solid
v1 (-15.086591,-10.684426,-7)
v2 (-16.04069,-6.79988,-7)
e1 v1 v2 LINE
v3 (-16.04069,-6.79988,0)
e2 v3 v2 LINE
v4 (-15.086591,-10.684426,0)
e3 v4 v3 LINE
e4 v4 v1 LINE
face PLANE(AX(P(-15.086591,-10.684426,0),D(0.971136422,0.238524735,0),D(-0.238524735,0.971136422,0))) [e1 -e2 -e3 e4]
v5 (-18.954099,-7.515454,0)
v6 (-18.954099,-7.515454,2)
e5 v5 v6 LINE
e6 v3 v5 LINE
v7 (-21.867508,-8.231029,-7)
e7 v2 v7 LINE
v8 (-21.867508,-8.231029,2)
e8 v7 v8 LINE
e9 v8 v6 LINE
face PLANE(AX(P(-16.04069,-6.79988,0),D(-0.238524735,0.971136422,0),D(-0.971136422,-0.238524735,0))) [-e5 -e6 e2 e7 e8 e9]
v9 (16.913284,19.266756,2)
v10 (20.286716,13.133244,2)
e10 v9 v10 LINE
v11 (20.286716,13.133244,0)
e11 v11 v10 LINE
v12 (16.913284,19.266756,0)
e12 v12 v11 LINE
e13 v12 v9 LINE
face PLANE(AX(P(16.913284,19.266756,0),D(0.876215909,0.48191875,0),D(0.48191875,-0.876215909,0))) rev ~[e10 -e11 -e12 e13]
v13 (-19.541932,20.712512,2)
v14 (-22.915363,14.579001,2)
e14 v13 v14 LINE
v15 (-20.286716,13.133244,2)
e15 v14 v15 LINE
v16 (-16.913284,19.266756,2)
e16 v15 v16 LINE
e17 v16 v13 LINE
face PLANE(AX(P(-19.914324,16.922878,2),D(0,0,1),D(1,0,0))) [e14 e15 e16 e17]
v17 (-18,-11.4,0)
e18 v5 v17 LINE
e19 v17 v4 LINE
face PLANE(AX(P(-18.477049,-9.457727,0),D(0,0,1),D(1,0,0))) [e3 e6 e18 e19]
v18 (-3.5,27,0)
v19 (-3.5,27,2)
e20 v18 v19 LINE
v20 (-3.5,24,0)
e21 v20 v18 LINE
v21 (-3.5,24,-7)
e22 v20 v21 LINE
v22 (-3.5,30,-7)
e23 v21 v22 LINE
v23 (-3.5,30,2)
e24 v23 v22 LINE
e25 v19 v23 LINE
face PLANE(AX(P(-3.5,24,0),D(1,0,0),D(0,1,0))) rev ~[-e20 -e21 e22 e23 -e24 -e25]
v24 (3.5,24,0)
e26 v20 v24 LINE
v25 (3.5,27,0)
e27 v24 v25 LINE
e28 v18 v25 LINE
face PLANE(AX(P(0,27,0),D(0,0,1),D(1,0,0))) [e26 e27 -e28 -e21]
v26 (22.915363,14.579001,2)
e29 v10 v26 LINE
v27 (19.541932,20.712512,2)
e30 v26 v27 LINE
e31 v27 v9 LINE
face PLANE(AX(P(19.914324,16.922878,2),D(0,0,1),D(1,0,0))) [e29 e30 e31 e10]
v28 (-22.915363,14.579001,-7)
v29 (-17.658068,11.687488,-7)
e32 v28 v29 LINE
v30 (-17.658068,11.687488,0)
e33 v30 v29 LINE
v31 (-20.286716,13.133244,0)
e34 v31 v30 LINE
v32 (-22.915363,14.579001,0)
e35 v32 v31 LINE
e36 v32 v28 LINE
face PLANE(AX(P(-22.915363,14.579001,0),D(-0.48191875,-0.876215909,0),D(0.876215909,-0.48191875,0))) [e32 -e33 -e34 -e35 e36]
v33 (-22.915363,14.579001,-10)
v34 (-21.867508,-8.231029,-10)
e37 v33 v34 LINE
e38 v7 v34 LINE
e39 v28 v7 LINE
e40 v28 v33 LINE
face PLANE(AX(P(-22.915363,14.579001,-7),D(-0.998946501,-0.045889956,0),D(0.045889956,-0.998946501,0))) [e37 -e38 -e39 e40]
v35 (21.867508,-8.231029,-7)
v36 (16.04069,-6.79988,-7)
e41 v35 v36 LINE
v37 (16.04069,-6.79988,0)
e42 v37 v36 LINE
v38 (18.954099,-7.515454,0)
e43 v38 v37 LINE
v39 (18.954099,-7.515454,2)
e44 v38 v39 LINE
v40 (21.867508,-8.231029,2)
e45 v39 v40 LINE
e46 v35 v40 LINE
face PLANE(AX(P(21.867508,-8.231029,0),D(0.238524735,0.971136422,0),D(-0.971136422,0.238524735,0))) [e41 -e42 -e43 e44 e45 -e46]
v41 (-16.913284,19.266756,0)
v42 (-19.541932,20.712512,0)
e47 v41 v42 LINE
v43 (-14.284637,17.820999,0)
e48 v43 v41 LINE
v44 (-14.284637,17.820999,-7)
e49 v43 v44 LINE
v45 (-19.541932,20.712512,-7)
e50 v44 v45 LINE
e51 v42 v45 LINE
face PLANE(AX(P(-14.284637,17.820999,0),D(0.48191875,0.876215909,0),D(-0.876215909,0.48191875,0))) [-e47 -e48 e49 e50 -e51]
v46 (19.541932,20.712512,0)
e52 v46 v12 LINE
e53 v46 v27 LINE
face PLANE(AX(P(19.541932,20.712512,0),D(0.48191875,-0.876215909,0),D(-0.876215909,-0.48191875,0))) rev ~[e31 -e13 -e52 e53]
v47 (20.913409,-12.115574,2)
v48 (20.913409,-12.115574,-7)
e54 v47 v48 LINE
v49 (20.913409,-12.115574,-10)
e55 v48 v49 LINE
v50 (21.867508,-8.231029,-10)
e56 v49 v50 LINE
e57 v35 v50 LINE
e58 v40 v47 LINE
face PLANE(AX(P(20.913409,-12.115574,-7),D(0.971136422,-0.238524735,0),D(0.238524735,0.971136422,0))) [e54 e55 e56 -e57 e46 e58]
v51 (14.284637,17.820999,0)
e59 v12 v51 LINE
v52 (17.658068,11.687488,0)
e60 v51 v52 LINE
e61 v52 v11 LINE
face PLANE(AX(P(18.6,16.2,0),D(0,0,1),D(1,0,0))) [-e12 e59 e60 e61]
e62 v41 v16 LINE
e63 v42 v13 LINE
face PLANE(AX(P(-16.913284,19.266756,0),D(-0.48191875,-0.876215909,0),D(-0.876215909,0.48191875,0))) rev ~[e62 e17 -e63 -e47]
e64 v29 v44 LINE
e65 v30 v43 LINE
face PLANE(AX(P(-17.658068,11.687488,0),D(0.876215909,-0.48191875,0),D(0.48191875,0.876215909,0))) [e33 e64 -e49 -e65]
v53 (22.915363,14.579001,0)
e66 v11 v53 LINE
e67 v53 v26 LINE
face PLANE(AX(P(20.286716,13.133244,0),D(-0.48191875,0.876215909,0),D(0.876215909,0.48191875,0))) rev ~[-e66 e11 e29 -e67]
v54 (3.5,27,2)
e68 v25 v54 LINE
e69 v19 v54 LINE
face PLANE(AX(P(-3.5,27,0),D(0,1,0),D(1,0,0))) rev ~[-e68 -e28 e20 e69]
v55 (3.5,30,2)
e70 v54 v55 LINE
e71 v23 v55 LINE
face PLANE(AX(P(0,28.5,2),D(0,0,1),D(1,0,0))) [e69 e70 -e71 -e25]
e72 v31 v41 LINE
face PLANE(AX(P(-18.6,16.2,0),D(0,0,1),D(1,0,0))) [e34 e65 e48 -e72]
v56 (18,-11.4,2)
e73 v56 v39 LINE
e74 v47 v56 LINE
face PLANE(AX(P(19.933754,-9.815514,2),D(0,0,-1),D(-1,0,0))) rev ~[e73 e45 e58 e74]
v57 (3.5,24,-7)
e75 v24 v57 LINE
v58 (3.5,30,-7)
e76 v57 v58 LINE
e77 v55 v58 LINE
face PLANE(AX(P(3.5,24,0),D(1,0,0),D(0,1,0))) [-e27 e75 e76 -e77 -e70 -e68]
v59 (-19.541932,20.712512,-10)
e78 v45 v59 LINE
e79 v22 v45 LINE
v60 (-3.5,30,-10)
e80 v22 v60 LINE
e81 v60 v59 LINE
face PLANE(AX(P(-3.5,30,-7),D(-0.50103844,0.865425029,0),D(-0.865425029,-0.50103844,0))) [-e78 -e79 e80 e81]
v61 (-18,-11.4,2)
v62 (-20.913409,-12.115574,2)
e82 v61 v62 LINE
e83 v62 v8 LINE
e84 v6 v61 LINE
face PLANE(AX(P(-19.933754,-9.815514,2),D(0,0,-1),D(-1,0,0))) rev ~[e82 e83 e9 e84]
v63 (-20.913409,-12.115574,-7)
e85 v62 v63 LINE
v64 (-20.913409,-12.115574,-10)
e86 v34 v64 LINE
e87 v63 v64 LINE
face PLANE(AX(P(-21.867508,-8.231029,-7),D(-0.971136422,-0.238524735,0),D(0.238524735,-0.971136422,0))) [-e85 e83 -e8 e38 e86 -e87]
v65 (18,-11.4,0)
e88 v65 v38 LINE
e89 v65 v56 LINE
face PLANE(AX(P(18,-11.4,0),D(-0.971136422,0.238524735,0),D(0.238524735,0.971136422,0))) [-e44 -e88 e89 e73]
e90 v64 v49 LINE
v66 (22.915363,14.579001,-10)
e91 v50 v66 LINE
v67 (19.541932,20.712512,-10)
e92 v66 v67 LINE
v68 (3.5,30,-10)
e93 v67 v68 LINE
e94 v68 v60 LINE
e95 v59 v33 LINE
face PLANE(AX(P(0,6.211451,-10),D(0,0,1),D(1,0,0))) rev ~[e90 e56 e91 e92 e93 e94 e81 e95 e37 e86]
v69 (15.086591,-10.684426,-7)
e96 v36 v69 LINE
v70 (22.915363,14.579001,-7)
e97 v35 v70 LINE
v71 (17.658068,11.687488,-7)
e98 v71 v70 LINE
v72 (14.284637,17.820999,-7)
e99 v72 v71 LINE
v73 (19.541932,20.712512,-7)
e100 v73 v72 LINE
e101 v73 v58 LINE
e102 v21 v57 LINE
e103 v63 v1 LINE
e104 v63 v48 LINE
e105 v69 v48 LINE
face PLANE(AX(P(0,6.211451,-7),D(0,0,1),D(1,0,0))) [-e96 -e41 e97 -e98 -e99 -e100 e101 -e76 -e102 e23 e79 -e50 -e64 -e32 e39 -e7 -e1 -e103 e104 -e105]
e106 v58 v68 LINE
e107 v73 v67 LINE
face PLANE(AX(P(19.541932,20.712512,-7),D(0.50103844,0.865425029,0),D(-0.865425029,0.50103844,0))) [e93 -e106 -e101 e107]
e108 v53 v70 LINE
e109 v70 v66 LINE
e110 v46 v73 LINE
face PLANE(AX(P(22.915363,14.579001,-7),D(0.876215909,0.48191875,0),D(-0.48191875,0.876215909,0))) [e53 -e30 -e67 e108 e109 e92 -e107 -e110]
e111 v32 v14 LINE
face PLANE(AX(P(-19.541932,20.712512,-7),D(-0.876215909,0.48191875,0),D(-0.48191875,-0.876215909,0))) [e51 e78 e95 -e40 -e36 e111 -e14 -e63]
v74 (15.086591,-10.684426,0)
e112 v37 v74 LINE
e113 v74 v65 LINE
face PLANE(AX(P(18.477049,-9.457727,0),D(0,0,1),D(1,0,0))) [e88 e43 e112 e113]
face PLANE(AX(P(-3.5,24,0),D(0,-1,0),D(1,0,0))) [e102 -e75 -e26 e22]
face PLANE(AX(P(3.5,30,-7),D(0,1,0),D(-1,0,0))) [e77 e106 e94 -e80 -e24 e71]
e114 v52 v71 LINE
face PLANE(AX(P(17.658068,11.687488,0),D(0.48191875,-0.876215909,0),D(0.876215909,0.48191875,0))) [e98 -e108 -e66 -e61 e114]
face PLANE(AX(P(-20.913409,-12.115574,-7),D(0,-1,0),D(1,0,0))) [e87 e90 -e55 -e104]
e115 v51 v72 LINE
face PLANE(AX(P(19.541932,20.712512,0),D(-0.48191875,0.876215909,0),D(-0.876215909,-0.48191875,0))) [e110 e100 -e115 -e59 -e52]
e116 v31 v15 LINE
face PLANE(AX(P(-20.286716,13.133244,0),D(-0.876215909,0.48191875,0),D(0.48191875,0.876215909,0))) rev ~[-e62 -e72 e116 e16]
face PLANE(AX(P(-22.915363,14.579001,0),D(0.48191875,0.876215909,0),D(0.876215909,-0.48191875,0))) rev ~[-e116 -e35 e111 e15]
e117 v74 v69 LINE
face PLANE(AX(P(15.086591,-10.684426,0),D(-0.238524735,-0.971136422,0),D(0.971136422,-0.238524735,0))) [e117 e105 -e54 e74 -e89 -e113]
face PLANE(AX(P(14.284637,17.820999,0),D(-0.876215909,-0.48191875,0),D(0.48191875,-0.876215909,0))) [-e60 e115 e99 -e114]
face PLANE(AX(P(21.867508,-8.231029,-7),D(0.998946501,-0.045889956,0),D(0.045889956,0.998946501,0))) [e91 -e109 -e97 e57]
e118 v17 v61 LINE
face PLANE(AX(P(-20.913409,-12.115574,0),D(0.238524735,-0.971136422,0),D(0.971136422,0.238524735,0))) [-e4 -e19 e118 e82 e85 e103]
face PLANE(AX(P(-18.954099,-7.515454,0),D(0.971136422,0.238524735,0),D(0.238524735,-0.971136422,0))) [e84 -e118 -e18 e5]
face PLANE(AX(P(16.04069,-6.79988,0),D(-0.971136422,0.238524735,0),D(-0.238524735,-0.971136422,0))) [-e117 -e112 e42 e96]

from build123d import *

# Parameters (mm, degrees)
SKETCH2_W             = 7
SKETCH2_H             = 3
BOSS_EXTRUDE1_DEPTH   = 2
BOSS_EXTRUDE1_2_DEPTH = 2
BOSS_EXTRUDE1_3_DEPTH = 2
BOSS_EXTRUDE1_4_DEPTH = 2
BOSS_EXTRUDE1_5_DEPTH = 2
SKETCH3_W             = 7
SKETCH3_H             = 6
BOSS_EXTRUDE2_DEPTH   = 7
BOSS_EXTRUDE3_DEPTH   = 3


with BuildPart() as part:
    # Sketch2 → Boss-Extrude1 (new body)
    with BuildSketch(Plane.XY):
        with Locations((0, 28.5)):
            Rectangle(SKETCH2_W, SKETCH2_H)
    extrude(amount=BOSS_EXTRUDE1_DEPTH)



with BuildPart() as body_2:
    # Sketch2 → Boss-Extrude1 2 (new body)
    with BuildSketch(Plane.XY):
        Polygon((-18.954098941, -7.515454311), (-18, -11.4), (-20.913409267, -12.115574206), (-21.867508208, -8.231028517), align=None)
    extrude(amount=BOSS_EXTRUDE1_2_DEPTH)


with BuildPart() as body_3:
    # Sketch2 → Boss-Extrude1 3 (new body)
    with BuildSketch(Plane.XY):
        Polygon((-20.286715624, 13.13324432), (-16.913284376, 19.26675568), (-19.541932102, 20.71251193), (-22.91536335, 14.579000569), align=None)
    extrude(amount=BOSS_EXTRUDE1_3_DEPTH)


with BuildPart() as body_4:
    # Sketch2 → Boss-Extrude1 4 (new body)
    with BuildSketch(Plane.XY):
        Polygon((22.91536335, 14.579000569), (19.541932102, 20.71251193), (16.913284376, 19.26675568), (20.286715624, 13.13324432), align=None)
    extrude(amount=BOSS_EXTRUDE1_4_DEPTH)


with BuildPart() as body_5:
    # Sketch2 → Boss-Extrude1 5 (new body)
    with BuildSketch(Plane.XY):
        Polygon((21.867508208, -8.231028517), (20.913409267, -12.115574206), (18, -11.4), (18.954098941, -7.515454311), align=None)
    extrude(amount=BOSS_EXTRUDE1_5_DEPTH)


with BuildPart() as part_1:
    add(part.part)

    add(body_2.part)  # Boss-Extrude2 merges body 2

    add(body_3.part)  # Boss-Extrude2 merges body 3

    add(body_4.part)  # Boss-Extrude2 merges body 4

    add(body_5.part)  # Boss-Extrude2 merges body 5
    # Sketch3 → Boss-Extrude2 (add)
    with BuildSketch(Plane.XY):
        Polygon((20.913409267, -12.115574206), (21.867508208, -8.231028517), (16.040689674, -6.799880105), (15.086590733, -10.684425794), align=None)
        Polygon((22.91536335, 14.579000569), (19.541932102, 20.71251193), (14.28463665, 17.820999431), (17.658067898, 11.68748807), align=None)
        with Locations((0, 27)):
            Rectangle(SKETCH3_W, SKETCH3_H)
        Polygon((-17.658067898, 11.68748807), (-14.28463665, 17.820999431), (-19.541932102, 20.71251193), (-22.91536335, 14.579000569), align=None)
        Polygon((-15.086590733, -10.684425794), (-16.040689674, -6.799880105), (-21.867508208, -8.231028517), (-20.913409267, -12.115574206), align=None)
    extrude(amount=-BOSS_EXTRUDE2_DEPTH)

    # Sketch4 → Boss-Extrude3 (add)
    with BuildSketch(Plane(origin=(0, 0, -7), x_dir=(-1, 0, 0), z_dir=(0, 0, -1))):
        Polygon((-21.867508208, -8.231028517), (-22.91536335, 14.579000569), (-19.541932102, 20.71251193), (-3.5, 30), (3.5, 30), (19.541932102, 20.71251193), (22.91536335, 14.579000569), (21.867508208, -8.231028517), (20.913409267, -12.115574206), (-20.913409267, -12.115574206), align=None)
    extrude(amount=BOSS_EXTRUDE3_DEPTH)


solid = part_1.part
